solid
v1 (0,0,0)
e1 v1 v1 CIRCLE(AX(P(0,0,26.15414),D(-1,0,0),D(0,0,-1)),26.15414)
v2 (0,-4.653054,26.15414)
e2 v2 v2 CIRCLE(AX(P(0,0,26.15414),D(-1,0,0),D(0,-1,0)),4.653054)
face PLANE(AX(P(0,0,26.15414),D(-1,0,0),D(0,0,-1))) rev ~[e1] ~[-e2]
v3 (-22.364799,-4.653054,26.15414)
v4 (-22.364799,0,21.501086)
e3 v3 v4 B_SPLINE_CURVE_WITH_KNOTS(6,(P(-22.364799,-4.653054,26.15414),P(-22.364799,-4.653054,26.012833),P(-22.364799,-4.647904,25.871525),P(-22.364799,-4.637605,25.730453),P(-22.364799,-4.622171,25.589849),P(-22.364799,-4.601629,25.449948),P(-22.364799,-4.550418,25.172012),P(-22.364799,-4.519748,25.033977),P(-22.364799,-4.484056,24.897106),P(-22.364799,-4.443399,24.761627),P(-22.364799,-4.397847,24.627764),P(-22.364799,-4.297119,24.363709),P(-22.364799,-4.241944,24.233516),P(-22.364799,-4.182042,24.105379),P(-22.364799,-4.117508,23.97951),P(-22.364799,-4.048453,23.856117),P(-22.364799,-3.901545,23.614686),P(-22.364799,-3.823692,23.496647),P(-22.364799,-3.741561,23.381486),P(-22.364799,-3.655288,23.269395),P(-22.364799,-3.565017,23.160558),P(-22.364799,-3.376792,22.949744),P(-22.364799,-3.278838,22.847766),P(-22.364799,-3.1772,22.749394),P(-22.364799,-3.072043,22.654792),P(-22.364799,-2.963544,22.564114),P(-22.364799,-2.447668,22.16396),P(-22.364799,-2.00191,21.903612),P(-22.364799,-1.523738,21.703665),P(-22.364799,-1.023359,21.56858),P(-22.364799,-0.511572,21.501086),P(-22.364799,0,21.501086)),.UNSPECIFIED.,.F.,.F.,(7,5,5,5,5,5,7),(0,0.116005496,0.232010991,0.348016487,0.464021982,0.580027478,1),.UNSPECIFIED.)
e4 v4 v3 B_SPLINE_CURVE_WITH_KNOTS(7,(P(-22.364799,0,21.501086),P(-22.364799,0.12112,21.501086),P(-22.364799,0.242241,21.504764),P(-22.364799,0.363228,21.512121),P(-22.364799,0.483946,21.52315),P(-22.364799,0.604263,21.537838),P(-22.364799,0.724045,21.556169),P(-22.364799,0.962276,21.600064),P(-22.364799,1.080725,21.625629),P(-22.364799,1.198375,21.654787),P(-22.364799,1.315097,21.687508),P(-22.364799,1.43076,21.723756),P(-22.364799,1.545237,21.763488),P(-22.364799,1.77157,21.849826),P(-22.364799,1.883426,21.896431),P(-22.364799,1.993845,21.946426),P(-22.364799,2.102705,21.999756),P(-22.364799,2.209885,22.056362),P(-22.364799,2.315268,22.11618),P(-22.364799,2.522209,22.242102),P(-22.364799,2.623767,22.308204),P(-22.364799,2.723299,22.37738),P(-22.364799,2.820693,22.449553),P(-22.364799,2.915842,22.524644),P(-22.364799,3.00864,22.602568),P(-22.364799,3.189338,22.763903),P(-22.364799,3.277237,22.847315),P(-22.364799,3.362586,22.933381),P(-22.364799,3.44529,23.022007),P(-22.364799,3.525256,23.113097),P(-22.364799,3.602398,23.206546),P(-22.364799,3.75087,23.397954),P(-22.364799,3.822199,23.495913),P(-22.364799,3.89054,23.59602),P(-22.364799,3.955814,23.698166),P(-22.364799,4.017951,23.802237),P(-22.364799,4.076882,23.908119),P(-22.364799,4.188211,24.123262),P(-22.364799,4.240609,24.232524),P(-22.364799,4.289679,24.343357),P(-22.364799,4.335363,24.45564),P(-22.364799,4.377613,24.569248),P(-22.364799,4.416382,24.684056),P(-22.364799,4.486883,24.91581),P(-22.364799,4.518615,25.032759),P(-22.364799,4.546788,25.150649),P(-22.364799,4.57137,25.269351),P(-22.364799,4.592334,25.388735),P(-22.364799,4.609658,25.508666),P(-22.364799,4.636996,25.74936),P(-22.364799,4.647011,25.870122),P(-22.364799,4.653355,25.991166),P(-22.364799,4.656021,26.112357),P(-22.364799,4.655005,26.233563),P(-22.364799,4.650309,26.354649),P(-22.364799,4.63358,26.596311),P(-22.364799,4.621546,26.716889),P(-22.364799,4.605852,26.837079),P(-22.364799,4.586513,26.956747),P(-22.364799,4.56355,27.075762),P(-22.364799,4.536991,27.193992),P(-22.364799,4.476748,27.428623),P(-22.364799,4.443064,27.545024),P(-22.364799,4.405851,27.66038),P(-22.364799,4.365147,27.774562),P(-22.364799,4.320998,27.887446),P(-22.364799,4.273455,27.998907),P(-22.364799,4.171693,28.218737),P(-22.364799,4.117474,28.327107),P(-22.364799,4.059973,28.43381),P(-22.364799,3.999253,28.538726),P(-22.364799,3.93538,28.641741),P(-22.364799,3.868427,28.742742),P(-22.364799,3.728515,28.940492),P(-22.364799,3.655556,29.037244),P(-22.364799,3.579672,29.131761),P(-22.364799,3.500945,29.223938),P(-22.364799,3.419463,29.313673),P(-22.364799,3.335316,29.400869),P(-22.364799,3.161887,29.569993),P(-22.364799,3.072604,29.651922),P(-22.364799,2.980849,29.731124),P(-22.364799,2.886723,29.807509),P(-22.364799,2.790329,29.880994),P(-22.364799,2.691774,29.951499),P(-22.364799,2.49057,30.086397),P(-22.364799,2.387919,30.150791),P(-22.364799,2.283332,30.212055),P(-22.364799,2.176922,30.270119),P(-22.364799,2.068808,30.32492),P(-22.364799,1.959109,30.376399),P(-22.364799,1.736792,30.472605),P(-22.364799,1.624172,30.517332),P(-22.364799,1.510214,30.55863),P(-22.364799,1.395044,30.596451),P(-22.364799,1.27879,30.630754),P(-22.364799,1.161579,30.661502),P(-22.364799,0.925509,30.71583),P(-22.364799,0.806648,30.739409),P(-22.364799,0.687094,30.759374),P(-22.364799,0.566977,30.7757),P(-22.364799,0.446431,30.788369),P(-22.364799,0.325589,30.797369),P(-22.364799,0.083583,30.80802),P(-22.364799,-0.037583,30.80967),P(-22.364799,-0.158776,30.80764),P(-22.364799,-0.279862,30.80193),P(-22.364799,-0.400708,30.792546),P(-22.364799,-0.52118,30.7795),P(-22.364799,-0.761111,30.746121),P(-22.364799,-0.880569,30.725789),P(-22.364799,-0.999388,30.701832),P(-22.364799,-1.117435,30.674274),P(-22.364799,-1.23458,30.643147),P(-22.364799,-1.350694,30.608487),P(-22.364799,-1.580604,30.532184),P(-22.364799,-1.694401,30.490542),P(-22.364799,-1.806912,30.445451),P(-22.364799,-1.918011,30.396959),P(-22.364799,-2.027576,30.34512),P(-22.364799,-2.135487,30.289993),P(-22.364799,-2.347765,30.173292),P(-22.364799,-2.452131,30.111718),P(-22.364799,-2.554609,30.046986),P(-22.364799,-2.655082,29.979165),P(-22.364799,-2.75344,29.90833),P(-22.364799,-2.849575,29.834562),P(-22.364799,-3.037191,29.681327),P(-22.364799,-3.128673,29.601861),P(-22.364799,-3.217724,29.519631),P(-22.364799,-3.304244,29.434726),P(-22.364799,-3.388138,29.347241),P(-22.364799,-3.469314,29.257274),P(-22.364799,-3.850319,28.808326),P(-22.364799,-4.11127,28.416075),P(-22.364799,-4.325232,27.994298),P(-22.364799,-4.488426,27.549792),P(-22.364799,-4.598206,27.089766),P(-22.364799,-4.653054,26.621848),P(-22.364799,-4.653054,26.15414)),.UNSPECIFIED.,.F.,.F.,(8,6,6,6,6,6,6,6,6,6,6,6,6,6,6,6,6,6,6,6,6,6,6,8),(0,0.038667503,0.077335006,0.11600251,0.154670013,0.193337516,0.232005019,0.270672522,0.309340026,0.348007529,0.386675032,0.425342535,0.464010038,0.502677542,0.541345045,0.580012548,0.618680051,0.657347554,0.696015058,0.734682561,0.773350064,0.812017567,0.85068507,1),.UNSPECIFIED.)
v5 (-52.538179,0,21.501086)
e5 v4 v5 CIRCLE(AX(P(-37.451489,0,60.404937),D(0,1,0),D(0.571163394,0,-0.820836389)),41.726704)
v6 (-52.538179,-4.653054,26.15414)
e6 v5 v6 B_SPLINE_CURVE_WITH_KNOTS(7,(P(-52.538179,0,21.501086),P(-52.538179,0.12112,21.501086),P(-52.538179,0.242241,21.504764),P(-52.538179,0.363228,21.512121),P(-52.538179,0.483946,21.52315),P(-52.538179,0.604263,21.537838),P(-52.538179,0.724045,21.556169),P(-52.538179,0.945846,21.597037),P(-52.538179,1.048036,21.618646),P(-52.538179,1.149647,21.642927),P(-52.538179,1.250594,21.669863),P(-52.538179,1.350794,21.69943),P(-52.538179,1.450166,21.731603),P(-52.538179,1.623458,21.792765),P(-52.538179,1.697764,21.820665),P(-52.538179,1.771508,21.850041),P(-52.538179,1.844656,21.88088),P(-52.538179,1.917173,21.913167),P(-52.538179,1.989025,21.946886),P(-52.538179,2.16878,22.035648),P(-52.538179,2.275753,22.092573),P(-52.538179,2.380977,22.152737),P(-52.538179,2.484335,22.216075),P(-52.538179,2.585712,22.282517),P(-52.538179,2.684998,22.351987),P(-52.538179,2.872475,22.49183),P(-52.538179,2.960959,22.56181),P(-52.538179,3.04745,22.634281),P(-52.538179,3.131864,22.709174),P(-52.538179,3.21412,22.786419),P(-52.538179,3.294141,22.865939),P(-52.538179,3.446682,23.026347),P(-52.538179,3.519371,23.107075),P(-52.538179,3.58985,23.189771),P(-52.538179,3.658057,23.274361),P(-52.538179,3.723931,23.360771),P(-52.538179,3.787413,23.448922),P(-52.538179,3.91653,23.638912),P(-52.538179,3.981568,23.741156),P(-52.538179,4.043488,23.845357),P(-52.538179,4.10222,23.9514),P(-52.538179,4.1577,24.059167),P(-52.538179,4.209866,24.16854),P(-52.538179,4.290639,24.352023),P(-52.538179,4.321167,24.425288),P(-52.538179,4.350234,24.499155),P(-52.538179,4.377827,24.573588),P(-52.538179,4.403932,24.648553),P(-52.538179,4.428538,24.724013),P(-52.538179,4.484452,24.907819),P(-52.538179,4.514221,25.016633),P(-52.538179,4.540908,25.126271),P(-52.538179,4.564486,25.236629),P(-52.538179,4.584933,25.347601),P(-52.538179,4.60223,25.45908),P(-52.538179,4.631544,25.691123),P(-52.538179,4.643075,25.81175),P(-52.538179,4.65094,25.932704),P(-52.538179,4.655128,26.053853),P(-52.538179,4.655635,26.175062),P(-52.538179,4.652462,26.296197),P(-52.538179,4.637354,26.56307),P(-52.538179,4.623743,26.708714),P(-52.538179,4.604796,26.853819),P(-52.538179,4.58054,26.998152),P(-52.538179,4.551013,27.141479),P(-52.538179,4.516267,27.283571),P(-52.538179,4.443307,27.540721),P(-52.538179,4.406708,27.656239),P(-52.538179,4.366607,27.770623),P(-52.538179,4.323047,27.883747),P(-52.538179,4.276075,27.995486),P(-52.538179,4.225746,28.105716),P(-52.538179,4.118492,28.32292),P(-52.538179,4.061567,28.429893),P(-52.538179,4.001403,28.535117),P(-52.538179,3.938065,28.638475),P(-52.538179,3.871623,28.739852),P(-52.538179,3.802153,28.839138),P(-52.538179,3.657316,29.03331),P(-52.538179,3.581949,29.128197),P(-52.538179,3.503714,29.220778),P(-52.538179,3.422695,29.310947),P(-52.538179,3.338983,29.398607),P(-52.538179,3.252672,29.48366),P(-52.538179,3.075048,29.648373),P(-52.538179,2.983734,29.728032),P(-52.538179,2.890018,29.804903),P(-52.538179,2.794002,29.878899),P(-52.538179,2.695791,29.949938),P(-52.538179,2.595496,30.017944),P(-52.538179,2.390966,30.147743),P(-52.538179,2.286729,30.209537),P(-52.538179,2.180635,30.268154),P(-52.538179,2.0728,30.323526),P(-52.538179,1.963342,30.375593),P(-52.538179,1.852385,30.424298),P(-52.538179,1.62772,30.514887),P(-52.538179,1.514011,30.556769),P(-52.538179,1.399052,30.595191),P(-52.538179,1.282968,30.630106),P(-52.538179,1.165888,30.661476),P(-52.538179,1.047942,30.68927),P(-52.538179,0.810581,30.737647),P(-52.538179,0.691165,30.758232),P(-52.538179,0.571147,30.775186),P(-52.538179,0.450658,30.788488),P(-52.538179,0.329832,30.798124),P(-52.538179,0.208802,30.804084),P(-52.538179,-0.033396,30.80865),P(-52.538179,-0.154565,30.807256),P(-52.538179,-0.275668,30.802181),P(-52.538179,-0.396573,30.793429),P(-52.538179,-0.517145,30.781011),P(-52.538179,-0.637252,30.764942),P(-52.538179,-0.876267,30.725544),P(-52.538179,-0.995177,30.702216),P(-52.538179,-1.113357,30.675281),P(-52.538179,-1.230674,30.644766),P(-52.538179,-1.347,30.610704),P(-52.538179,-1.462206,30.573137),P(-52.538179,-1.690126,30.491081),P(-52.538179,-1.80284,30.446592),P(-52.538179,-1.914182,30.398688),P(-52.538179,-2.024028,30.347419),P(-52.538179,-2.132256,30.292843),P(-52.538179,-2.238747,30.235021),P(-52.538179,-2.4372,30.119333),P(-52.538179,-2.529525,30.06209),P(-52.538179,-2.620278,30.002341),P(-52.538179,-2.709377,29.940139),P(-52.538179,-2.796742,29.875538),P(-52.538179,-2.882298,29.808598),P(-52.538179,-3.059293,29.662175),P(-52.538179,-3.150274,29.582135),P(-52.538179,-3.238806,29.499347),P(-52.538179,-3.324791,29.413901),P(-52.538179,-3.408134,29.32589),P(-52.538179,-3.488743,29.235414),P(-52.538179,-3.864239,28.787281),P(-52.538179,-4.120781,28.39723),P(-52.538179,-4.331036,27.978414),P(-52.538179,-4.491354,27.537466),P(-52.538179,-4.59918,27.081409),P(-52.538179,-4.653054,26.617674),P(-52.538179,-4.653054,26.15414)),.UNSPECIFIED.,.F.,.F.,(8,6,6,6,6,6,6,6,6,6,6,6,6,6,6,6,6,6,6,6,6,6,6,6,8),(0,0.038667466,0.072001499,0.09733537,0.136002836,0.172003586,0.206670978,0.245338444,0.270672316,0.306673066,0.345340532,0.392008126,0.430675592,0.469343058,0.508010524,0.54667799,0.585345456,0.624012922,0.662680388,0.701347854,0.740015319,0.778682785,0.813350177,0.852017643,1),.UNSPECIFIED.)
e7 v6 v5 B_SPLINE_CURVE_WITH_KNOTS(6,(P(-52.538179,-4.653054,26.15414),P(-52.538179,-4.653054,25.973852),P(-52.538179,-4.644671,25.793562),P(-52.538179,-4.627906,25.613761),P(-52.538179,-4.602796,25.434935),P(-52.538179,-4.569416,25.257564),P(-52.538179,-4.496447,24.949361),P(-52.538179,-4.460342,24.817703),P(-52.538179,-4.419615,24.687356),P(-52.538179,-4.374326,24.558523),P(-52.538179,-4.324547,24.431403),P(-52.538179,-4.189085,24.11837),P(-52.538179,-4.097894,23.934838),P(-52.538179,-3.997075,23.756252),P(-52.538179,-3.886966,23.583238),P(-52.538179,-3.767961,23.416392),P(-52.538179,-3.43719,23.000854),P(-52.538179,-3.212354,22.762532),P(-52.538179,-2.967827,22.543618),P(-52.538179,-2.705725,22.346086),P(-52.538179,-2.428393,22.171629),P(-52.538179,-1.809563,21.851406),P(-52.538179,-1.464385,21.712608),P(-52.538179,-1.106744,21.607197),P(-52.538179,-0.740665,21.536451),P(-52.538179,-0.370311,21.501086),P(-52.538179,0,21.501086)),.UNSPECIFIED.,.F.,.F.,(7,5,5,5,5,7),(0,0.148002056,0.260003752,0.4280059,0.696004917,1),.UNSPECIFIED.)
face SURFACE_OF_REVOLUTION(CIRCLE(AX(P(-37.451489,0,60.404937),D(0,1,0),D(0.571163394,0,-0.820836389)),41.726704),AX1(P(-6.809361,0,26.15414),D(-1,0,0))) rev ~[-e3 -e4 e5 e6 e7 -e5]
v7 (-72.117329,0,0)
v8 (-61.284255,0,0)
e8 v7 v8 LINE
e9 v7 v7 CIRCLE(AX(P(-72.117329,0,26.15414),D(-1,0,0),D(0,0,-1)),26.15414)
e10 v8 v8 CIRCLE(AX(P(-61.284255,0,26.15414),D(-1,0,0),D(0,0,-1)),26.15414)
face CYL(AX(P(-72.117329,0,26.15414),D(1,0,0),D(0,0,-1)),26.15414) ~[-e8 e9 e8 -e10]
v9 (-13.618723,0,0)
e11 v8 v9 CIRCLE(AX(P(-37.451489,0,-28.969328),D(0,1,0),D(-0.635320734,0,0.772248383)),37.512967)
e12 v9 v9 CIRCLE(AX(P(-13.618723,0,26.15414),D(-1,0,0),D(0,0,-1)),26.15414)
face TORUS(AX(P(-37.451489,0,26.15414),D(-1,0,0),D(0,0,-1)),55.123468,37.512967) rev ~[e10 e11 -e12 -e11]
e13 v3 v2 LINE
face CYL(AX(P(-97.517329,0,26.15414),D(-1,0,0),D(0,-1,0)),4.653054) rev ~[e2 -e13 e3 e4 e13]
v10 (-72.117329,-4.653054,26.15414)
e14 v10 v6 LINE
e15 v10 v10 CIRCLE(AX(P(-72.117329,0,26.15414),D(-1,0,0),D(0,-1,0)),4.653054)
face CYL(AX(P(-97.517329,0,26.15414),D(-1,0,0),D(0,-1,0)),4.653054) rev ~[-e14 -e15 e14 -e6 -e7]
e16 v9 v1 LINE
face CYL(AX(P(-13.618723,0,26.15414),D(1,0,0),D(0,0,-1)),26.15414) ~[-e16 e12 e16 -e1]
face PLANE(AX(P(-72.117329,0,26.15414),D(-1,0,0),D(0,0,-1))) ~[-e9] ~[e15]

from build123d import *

# Parameters (mm, degrees)
F2_R      = 4.653054
F3_DEPTH  = 25.4
F3_FACE_R = 4.653054
F4_DEPTH  = 97.518329


with BuildPart() as f1:
    # F0 (on Front) → F1 (revolve)
    with BuildSketch(Plane.XZ):
        with BuildLine():
            Line((-13.618723, 0), (0, 0))
            Line((0, 0), (0, 26.15414))
            Line((0, 26.15414), (-13.618723, 26.15414))
            ThreePointArc((-13.618723, 26.15414), (-37.451489, 18.678233), (-61.284255, 26.15414))
            Line((-61.284255, 26.15414), (-72.117329, 26.15414))
            Line((-72.117329, 26.15414), (-72.117329, 0))
            Line((-72.117329, 0), (-61.284255, 0))
            ThreePointArc((-61.284255, 0), (-37.451489, 8.543639), (-13.618723, 0))
        make_face()
    revolve(axis=Axis((-6.809361, 0, 26.15414), (-1, 0, 0)))

    # F2 (on face) → F3 (join)
    with BuildSketch(Plane(origin=(-72.117329, 0, 0), x_dir=(0, -1, 0), z_dir=(-1, 0, 0))):
        with Locations((0, 26.15414)):
            Circle(F2_R)
    extrude(amount=F3_DEPTH)

    # F3_face (on face) → F4 (cut, through all)
    with BuildSketch(Plane(origin=(-97.517329, 0, 26.15414), x_dir=(0, -1, 0), z_dir=(-1, 0, 0))):
        Circle(F3_FACE_R)
    extrude(amount=-F4_DEPTH, mode=Mode.SUBTRACT)


solid = f1.part
